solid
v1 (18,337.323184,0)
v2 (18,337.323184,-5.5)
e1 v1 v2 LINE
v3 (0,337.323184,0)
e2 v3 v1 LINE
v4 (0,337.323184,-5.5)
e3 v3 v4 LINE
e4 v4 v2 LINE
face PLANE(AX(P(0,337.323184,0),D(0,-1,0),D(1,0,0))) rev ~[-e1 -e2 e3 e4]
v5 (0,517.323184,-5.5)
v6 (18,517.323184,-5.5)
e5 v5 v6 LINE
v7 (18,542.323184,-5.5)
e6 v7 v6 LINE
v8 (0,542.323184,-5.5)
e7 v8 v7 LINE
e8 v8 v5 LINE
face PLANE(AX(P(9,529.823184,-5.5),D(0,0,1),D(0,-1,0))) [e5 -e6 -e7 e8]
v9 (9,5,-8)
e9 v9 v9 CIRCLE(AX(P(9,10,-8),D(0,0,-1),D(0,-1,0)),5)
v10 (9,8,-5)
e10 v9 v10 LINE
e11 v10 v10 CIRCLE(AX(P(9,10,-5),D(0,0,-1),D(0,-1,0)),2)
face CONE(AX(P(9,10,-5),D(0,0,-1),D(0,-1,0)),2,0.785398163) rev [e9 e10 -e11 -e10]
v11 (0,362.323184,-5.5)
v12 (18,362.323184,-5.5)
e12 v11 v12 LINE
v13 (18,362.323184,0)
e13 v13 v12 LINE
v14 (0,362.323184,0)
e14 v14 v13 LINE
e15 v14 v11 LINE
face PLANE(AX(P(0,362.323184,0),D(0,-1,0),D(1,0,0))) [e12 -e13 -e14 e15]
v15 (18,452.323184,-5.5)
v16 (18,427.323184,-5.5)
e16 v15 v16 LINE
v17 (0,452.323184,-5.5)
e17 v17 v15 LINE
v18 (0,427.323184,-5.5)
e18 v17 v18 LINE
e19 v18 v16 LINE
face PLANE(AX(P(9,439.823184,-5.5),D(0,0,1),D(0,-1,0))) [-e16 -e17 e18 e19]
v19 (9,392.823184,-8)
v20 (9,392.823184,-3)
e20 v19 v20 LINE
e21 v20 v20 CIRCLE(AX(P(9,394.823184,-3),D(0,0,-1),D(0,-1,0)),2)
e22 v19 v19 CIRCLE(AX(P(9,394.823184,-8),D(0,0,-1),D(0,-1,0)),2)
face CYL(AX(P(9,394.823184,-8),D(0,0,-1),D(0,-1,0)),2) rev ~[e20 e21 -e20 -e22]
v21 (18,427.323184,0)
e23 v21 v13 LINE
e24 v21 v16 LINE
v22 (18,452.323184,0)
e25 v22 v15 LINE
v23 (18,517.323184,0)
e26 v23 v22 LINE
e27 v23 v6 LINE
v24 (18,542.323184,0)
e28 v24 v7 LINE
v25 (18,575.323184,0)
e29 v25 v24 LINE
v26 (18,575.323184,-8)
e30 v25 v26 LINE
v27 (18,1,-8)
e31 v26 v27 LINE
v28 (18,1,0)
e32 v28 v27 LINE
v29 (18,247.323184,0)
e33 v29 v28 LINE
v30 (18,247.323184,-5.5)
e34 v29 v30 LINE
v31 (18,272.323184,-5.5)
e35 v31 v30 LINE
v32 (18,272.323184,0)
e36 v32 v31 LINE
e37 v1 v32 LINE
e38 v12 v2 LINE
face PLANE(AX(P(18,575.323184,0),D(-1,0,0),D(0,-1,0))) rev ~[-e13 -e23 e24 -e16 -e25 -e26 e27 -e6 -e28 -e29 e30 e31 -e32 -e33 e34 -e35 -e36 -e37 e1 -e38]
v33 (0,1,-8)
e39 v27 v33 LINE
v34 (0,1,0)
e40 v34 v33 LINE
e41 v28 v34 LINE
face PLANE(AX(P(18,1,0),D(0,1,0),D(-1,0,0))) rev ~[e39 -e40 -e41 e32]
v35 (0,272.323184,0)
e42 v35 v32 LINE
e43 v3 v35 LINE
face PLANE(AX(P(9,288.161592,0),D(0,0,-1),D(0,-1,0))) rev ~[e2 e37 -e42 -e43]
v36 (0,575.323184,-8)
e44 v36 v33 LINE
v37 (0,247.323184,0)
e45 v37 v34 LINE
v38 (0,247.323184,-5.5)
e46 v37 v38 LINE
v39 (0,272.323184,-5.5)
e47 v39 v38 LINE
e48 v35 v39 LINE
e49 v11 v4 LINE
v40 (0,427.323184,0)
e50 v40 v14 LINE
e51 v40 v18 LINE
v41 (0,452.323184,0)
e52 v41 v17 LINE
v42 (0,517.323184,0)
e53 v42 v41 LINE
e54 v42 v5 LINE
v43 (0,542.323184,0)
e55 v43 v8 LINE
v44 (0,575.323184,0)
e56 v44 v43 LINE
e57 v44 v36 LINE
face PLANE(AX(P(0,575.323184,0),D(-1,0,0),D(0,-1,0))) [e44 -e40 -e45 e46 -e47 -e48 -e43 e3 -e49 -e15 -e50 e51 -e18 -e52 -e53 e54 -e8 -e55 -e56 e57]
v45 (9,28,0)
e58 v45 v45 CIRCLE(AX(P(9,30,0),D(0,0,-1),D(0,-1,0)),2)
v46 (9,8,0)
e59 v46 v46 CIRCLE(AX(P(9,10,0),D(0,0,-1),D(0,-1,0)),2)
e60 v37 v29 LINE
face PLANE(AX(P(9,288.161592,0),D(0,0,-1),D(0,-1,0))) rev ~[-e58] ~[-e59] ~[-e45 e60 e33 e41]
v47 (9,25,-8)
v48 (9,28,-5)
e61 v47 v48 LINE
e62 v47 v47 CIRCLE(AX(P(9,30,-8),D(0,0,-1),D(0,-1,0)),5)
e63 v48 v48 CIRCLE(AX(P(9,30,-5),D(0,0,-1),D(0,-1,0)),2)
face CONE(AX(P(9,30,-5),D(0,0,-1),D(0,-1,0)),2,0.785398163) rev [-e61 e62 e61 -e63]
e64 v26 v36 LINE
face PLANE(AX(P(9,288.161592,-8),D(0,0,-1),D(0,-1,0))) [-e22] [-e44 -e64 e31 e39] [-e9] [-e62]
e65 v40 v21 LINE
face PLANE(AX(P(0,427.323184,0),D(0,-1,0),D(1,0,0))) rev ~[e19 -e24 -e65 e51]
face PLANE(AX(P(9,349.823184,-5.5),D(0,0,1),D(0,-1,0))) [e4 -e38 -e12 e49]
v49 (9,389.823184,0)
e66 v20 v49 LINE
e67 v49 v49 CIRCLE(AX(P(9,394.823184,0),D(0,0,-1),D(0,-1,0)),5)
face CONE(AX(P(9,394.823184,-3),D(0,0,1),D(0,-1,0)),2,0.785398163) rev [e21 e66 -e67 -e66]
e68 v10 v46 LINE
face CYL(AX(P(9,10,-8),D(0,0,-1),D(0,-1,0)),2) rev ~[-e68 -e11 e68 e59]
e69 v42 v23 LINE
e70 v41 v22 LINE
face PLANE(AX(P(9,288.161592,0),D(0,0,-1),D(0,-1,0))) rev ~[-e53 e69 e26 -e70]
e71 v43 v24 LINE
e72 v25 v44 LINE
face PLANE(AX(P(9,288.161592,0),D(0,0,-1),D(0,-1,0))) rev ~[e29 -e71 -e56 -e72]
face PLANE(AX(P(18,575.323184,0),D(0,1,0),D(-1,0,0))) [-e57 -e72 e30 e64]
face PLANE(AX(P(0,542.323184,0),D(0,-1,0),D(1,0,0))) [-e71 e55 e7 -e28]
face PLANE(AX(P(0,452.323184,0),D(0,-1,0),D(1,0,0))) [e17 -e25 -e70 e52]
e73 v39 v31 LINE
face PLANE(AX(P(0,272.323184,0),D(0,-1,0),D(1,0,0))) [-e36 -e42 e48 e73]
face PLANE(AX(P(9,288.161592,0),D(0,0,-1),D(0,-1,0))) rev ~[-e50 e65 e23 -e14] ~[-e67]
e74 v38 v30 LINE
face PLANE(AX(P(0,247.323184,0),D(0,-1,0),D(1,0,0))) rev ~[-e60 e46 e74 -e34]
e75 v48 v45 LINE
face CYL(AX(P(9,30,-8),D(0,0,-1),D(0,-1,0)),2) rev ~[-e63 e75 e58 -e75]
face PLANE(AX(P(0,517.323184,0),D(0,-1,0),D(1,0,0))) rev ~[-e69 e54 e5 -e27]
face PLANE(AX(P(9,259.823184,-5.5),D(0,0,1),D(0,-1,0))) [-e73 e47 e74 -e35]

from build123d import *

# Parameters (mm, degrees)
SKETCH044_W              = 574.323184
SKETCH044_H              = 18
PAD022_DEPTH             = 8
SKETCH049_R              = 2
POCKET031_DEPTH          = 8.001
CHAMFER017_SIZE          = 3
SKETCH050_W              = 25
SKETCH050_H              = 18
POCKET032_DEPTH          = 5.5
SKETCH070_R              = 2
POCKET045_DEPTH          = 8.001
CHAMFER029_SIZE          = 3
BODY016_PLACEMENT_ANGLE  = 180
CLONE001_PLACEMENT_ANGLE = 90


with BuildPart() as part:
    # Sketch044 → Pad022 (new body)
    with BuildSketch(Plane.XY):
        with Locations((57.838408, -99)):
            Rectangle(SKETCH044_W, SKETCH044_H)
    extrude(amount=PAD022_DEPTH)

    # Sketch049 (on Face6 of Pad022) → Pocket031 (cut, through all)
    with BuildSketch(Plane.XY.offset(8)):
        with Locations((316, -99)):
            Circle(SKETCH049_R)
        with Locations((336, -99)):
            Circle(SKETCH049_R)
    extrude(amount=-POCKET031_DEPTH, mode=Mode.SUBTRACT)

    # Chamfer017
    chamfer017_edges = [part.edges().sort_by_distance(p)[0] for p in [
        (334, -99, 8),
        (314, -99, 8),
    ]]
    chamfer(chamfer017_edges, length=CHAMFER017_SIZE)

    # Sketch050 (on Face9 of Chamfer017) → Pocket032 (cut)
    with BuildSketch(Plane(origin=(0, 0, 0), x_dir=(1, 0, 0), z_dir=(0, 0, -1))):
        with Locations((-183.823184, 99)):
            Rectangle(SKETCH050_W, SKETCH050_H)
        with Locations((-93.823184, 99)):
            Rectangle(SKETCH050_W, SKETCH050_H)
        with Locations((-3.823184, 99)):
            Rectangle(SKETCH050_W, SKETCH050_H)
        with Locations((86.176816, 99)):
            Rectangle(SKETCH050_W, SKETCH050_H)
    extrude(amount=-POCKET032_DEPTH, mode=Mode.SUBTRACT)

    # Sketch070 (on Face1 of Pocket032) → Pocket045 (cut, through all)
    with BuildSketch(Plane.XY.offset(8)):
        with Locations((-48.823184, -99)):
            Circle(SKETCH070_R)
    extrude(amount=-POCKET045_DEPTH, mode=Mode.SUBTRACT)

    # Chamfer029
    chamfer029_edges = [part.edges().sort_by_distance(p)[0] for p in [
        (-50.823184, -99, 0),
    ]]
    chamfer(chamfer029_edges, length=CHAMFER029_SIZE)


with BuildPart() as part_1:
    # Body016 placement: moved
    add(part.part.moved(Location((0, 0, 15.5))).rotate(Axis((0, 0, 15.5), (1, 0, 0)), BODY016_PLACEMENT_ANGLE))


with BuildPart() as part_2:
    # Clone001 placement: moved
    add(part_1.part.moved(Location((-90, 346, -15.5))).rotate(Axis((-90, 346, -15.5), (0, 0, -1)), CLONE001_PLACEMENT_ANGLE))


solid = part_2.part
